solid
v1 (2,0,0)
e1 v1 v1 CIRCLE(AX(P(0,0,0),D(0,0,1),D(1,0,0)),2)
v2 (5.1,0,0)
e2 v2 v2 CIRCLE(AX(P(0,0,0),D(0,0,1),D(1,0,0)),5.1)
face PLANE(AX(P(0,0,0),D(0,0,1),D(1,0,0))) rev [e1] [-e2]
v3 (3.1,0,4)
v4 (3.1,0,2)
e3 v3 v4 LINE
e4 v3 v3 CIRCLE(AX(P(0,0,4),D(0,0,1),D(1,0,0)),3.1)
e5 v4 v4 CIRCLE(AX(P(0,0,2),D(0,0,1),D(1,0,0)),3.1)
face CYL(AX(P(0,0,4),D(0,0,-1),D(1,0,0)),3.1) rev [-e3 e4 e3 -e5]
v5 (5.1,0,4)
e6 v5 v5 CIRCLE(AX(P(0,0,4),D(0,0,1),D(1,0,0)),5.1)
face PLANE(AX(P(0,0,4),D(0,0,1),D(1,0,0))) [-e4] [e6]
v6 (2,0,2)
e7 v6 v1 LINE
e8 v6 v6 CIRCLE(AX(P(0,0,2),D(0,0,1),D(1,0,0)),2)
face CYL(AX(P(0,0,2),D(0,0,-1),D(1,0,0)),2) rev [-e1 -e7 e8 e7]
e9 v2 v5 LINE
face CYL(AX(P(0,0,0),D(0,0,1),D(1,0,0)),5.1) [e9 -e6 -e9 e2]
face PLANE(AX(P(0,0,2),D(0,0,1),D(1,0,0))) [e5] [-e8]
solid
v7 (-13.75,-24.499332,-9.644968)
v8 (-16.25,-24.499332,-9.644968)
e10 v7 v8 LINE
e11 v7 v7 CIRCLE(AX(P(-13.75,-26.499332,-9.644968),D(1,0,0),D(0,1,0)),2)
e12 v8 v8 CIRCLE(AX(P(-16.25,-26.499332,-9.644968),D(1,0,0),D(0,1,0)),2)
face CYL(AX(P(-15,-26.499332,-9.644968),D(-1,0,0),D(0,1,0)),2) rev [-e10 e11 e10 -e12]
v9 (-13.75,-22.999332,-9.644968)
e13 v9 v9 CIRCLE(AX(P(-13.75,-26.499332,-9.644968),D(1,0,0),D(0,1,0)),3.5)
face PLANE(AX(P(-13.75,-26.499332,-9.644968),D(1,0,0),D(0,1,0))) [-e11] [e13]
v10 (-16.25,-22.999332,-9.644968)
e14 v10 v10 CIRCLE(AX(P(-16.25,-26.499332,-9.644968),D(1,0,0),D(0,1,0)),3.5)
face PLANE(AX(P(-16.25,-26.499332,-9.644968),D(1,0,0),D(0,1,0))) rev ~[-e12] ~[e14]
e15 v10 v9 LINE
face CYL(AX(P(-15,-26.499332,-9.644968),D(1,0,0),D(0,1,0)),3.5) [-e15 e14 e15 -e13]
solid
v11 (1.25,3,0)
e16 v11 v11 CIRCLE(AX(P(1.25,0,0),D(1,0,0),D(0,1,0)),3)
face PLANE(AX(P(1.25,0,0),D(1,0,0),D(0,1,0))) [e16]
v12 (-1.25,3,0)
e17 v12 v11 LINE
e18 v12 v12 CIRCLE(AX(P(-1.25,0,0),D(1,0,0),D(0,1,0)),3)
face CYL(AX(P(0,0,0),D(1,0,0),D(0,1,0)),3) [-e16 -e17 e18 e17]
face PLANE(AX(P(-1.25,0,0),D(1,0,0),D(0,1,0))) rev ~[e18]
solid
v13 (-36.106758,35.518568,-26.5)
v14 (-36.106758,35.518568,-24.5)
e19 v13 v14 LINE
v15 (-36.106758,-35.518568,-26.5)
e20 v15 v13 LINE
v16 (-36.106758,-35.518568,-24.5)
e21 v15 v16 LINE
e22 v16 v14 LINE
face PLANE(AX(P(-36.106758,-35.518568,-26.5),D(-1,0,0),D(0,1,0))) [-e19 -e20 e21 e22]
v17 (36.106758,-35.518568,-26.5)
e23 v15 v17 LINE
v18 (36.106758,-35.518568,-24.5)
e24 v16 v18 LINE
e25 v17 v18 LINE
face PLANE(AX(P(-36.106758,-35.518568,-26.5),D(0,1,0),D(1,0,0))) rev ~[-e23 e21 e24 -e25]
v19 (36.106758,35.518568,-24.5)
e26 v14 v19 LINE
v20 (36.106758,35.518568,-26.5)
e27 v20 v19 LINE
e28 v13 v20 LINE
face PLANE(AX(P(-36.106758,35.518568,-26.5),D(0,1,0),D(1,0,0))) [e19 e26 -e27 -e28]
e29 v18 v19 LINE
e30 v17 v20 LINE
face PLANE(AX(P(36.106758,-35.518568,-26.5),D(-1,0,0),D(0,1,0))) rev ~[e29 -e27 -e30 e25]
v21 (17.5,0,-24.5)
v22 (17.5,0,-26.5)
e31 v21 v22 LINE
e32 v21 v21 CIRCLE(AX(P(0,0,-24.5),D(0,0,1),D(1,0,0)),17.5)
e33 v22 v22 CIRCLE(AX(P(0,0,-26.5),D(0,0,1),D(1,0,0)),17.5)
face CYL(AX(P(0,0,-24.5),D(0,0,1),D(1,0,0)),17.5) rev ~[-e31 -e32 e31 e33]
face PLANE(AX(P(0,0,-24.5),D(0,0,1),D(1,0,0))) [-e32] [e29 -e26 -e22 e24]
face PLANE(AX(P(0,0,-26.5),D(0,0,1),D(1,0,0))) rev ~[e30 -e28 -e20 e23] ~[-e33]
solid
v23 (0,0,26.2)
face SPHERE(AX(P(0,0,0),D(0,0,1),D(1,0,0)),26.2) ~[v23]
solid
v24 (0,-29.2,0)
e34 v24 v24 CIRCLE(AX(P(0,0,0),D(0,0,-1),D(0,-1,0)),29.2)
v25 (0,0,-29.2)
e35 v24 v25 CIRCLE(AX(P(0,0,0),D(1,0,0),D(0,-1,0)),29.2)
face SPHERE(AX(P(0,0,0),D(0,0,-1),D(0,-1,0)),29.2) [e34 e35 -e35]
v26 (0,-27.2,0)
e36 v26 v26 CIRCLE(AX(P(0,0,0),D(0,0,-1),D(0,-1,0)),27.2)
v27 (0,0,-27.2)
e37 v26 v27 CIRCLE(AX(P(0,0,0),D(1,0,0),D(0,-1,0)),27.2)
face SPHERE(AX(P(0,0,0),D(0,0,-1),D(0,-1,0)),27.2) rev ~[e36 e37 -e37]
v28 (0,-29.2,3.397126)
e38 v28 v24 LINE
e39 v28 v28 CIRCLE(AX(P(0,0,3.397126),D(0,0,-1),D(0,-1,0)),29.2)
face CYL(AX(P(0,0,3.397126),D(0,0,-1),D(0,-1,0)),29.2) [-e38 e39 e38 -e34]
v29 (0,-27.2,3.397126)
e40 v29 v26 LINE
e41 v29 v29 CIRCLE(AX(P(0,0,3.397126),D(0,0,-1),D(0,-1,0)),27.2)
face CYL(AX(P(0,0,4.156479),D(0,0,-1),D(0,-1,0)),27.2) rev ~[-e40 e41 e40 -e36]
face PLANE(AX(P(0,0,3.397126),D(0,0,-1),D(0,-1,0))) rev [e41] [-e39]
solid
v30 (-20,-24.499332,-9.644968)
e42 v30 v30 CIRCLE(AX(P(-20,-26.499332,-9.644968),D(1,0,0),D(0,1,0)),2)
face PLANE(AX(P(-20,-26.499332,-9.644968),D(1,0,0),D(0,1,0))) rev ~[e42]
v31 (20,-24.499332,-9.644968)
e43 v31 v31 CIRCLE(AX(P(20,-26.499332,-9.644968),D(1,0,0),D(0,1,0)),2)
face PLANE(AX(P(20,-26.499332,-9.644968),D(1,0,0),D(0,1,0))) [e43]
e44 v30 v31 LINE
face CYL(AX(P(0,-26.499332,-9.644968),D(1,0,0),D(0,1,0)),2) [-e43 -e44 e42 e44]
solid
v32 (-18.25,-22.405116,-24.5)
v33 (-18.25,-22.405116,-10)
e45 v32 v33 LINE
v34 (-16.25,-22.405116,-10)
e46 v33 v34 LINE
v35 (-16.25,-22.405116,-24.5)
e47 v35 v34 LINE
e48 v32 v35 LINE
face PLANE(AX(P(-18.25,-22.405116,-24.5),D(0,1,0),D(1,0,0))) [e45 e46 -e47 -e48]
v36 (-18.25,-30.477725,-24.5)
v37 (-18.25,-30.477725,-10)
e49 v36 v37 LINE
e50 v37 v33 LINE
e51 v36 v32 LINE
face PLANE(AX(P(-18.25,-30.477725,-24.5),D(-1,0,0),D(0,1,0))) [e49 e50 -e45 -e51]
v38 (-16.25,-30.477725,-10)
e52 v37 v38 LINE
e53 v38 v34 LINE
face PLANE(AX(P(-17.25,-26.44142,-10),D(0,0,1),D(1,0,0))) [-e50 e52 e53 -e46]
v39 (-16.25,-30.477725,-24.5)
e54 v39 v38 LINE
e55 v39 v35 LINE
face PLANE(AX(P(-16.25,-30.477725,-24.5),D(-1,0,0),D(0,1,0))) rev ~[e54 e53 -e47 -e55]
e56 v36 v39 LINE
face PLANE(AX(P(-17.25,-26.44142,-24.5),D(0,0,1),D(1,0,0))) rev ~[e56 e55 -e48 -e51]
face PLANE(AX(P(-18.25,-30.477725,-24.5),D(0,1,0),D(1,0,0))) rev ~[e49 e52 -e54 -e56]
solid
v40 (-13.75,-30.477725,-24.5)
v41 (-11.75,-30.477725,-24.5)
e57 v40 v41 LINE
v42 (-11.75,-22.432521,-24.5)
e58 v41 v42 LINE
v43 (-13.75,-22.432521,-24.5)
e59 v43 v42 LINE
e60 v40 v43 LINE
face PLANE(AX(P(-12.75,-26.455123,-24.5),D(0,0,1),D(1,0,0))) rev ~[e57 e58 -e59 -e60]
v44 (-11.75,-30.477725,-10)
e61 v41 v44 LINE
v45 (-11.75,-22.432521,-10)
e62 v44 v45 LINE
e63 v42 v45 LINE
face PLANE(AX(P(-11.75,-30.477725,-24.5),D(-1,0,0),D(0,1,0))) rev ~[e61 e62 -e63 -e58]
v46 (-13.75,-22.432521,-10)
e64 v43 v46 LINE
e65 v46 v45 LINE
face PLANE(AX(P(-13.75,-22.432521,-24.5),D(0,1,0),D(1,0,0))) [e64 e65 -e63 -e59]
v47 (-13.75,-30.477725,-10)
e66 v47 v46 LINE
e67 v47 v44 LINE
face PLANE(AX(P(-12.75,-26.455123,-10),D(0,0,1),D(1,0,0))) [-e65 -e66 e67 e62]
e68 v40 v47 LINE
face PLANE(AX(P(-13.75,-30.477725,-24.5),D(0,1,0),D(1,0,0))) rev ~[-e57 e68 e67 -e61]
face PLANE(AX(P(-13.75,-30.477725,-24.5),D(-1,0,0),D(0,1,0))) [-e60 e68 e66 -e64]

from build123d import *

# Parameters (mm, degrees)
F2_W      = 72.2135156393
F2_H      = 71.0371360183
F3_DEPTH  = 2
F4_R      = 17.5
F5_DEPTH  = 25
F7_R      = 3.5
F7_R_2    = 2
F8_DEPTH  = 1.25
F9_R      = 2
F10_DEPTH = 20
F18_R     = 3
F19_DEPTH = 1.25
F26_W     = 2
F26_H     = 8.0452038388
F27_DEPTH = 14.5
F26_H_2   = 8.072609423


with BuildPart() as f1:
    # F0 (on Front) → F1 (revolve)
    with BuildSketch(Plane.XZ):
        with BuildLine():
            Line((0, 26.2), (0, -26.2))
            ThreePointArc((0, -26.2), (26.2, 0), (0, 26.2))
        make_face()
    revolve(axis=Axis((0, 0, 0), (0, 0, -1)))


with BuildPart() as f3:
    # F2 (on Top) → F3 (new body)
    with BuildSketch(Plane.XY):
        Rectangle(F2_W, F2_H)
    extrude(amount=F3_DEPTH)

    # F4 (on face) → F5 (cut)
    with BuildSketch(Plane.XY.offset(2)):
        Circle(F4_R)
    extrude(amount=-F5_DEPTH, mode=Mode.SUBTRACT)


with BuildPart() as f3_1:
    # F6: moved
    add(f3.part.moved(Location((0, 0, -26.5))))


with BuildPart() as f8:
    # F7 (on Right) → F8 (new body, symmetric)
    with BuildSketch(Plane.YZ):
        Circle(F7_R)
        Circle(F7_R_2, mode=Mode.SUBTRACT)
    extrude(amount=F8_DEPTH, both=True)


with BuildPart() as f10:
    # F9 (on Right) → F10 (new body, symmetric)
    with BuildSketch(Plane.YZ):
        Circle(F9_R)
    extrude(amount=F10_DEPTH, both=True)


with BuildPart() as f8_1:
    # F15: moved
    add(f8.part.moved(Location((0, -26.4993319062, -9.6449680418))))


with BuildPart() as f10_1:
    # F15: moved
    add(f10.part.moved(Location((0, -26.4993319062, -9.6449680418))))


with BuildPart() as f8_2:
    # F16: moved
    add(f8_1.part.moved(Location((-15, 0, 0))))


with BuildPart() as f19:
    # F18 (on Right) → F19 (new body, symmetric)
    with BuildSketch(Plane.YZ):
        Circle(F18_R)
    extrude(amount=F19_DEPTH, both=True)


with BuildPart() as f21:
    # F20 (on Front) → F21 (revolve)
    with BuildSketch(Plane.XZ):
        Polygon((5.1, 0), (5.1, 4), (3.1, 4), (3.1, 2), (2, 2), (2, 0), align=None)
    revolve(axis=Axis((0, 0, 21.1588587624), (0, 0, 1)))


with BuildPart() as f24:
    # F23 (on Right) → F24 (revolve)
    with BuildSketch(Plane.YZ):
        with BuildLine():
            Line((0, -29.2), (0, 3.3971256776))
            Line((0, 3.3971256776), (-29.2, 3.3971256776))
            Line((-29.2, 3.3971256776), (-29.2, 0))
            ThreePointArc((-29.2, 0), (-20.6475180106, -20.6475180106), (0, -29.2))
        make_face()
    revolve(axis=Axis((0, 0, -12.9014371612), (0, 0, -1)))

    # F22 (on Right) → F25 (revolve, cut)
    with BuildSketch(Plane.YZ):
        with BuildLine():
            Line((0, -27.2), (0, 0))
            Line((0, 0), (0, 4.1564793358))
            Line((0, 4.1564793358), (-27.2, 4.1564793358))
            Line((-27.2, 4.1564793358), (-27.2, 0))
            ThreePointArc((-27.2, 0), (-19.2333044483, -19.2333044483), (0, -27.2))
        make_face()
    revolve(axis=Axis((0, 0, -13.6), (0, 0, -1)), mode=Mode.SUBTRACT)


with BuildPart() as f27:
    # F26 (on face) → F27 (new body)
    with BuildSketch(Plane.XY.offset(-24.5)):
        with Locations((-12.75, -26.4551232205)):
            Rectangle(F26_W, F26_H)
    extrude(amount=F27_DEPTH)


with BuildPart() as f27b:
    # F26 (on face) → F27, piece 2 (new body)
    with BuildSketch(Plane.XY.offset(-24.5)):
        with Locations((-17.25, -26.4414204285)):
            Rectangle(F26_W, F26_H_2)
    extrude(amount=F27_DEPTH)


solid = Compound([f1.part, f3_1.part, f10_1.part, f8_2.part, f19.part, f21.part, f24.part, f27.part, f27b.part])
